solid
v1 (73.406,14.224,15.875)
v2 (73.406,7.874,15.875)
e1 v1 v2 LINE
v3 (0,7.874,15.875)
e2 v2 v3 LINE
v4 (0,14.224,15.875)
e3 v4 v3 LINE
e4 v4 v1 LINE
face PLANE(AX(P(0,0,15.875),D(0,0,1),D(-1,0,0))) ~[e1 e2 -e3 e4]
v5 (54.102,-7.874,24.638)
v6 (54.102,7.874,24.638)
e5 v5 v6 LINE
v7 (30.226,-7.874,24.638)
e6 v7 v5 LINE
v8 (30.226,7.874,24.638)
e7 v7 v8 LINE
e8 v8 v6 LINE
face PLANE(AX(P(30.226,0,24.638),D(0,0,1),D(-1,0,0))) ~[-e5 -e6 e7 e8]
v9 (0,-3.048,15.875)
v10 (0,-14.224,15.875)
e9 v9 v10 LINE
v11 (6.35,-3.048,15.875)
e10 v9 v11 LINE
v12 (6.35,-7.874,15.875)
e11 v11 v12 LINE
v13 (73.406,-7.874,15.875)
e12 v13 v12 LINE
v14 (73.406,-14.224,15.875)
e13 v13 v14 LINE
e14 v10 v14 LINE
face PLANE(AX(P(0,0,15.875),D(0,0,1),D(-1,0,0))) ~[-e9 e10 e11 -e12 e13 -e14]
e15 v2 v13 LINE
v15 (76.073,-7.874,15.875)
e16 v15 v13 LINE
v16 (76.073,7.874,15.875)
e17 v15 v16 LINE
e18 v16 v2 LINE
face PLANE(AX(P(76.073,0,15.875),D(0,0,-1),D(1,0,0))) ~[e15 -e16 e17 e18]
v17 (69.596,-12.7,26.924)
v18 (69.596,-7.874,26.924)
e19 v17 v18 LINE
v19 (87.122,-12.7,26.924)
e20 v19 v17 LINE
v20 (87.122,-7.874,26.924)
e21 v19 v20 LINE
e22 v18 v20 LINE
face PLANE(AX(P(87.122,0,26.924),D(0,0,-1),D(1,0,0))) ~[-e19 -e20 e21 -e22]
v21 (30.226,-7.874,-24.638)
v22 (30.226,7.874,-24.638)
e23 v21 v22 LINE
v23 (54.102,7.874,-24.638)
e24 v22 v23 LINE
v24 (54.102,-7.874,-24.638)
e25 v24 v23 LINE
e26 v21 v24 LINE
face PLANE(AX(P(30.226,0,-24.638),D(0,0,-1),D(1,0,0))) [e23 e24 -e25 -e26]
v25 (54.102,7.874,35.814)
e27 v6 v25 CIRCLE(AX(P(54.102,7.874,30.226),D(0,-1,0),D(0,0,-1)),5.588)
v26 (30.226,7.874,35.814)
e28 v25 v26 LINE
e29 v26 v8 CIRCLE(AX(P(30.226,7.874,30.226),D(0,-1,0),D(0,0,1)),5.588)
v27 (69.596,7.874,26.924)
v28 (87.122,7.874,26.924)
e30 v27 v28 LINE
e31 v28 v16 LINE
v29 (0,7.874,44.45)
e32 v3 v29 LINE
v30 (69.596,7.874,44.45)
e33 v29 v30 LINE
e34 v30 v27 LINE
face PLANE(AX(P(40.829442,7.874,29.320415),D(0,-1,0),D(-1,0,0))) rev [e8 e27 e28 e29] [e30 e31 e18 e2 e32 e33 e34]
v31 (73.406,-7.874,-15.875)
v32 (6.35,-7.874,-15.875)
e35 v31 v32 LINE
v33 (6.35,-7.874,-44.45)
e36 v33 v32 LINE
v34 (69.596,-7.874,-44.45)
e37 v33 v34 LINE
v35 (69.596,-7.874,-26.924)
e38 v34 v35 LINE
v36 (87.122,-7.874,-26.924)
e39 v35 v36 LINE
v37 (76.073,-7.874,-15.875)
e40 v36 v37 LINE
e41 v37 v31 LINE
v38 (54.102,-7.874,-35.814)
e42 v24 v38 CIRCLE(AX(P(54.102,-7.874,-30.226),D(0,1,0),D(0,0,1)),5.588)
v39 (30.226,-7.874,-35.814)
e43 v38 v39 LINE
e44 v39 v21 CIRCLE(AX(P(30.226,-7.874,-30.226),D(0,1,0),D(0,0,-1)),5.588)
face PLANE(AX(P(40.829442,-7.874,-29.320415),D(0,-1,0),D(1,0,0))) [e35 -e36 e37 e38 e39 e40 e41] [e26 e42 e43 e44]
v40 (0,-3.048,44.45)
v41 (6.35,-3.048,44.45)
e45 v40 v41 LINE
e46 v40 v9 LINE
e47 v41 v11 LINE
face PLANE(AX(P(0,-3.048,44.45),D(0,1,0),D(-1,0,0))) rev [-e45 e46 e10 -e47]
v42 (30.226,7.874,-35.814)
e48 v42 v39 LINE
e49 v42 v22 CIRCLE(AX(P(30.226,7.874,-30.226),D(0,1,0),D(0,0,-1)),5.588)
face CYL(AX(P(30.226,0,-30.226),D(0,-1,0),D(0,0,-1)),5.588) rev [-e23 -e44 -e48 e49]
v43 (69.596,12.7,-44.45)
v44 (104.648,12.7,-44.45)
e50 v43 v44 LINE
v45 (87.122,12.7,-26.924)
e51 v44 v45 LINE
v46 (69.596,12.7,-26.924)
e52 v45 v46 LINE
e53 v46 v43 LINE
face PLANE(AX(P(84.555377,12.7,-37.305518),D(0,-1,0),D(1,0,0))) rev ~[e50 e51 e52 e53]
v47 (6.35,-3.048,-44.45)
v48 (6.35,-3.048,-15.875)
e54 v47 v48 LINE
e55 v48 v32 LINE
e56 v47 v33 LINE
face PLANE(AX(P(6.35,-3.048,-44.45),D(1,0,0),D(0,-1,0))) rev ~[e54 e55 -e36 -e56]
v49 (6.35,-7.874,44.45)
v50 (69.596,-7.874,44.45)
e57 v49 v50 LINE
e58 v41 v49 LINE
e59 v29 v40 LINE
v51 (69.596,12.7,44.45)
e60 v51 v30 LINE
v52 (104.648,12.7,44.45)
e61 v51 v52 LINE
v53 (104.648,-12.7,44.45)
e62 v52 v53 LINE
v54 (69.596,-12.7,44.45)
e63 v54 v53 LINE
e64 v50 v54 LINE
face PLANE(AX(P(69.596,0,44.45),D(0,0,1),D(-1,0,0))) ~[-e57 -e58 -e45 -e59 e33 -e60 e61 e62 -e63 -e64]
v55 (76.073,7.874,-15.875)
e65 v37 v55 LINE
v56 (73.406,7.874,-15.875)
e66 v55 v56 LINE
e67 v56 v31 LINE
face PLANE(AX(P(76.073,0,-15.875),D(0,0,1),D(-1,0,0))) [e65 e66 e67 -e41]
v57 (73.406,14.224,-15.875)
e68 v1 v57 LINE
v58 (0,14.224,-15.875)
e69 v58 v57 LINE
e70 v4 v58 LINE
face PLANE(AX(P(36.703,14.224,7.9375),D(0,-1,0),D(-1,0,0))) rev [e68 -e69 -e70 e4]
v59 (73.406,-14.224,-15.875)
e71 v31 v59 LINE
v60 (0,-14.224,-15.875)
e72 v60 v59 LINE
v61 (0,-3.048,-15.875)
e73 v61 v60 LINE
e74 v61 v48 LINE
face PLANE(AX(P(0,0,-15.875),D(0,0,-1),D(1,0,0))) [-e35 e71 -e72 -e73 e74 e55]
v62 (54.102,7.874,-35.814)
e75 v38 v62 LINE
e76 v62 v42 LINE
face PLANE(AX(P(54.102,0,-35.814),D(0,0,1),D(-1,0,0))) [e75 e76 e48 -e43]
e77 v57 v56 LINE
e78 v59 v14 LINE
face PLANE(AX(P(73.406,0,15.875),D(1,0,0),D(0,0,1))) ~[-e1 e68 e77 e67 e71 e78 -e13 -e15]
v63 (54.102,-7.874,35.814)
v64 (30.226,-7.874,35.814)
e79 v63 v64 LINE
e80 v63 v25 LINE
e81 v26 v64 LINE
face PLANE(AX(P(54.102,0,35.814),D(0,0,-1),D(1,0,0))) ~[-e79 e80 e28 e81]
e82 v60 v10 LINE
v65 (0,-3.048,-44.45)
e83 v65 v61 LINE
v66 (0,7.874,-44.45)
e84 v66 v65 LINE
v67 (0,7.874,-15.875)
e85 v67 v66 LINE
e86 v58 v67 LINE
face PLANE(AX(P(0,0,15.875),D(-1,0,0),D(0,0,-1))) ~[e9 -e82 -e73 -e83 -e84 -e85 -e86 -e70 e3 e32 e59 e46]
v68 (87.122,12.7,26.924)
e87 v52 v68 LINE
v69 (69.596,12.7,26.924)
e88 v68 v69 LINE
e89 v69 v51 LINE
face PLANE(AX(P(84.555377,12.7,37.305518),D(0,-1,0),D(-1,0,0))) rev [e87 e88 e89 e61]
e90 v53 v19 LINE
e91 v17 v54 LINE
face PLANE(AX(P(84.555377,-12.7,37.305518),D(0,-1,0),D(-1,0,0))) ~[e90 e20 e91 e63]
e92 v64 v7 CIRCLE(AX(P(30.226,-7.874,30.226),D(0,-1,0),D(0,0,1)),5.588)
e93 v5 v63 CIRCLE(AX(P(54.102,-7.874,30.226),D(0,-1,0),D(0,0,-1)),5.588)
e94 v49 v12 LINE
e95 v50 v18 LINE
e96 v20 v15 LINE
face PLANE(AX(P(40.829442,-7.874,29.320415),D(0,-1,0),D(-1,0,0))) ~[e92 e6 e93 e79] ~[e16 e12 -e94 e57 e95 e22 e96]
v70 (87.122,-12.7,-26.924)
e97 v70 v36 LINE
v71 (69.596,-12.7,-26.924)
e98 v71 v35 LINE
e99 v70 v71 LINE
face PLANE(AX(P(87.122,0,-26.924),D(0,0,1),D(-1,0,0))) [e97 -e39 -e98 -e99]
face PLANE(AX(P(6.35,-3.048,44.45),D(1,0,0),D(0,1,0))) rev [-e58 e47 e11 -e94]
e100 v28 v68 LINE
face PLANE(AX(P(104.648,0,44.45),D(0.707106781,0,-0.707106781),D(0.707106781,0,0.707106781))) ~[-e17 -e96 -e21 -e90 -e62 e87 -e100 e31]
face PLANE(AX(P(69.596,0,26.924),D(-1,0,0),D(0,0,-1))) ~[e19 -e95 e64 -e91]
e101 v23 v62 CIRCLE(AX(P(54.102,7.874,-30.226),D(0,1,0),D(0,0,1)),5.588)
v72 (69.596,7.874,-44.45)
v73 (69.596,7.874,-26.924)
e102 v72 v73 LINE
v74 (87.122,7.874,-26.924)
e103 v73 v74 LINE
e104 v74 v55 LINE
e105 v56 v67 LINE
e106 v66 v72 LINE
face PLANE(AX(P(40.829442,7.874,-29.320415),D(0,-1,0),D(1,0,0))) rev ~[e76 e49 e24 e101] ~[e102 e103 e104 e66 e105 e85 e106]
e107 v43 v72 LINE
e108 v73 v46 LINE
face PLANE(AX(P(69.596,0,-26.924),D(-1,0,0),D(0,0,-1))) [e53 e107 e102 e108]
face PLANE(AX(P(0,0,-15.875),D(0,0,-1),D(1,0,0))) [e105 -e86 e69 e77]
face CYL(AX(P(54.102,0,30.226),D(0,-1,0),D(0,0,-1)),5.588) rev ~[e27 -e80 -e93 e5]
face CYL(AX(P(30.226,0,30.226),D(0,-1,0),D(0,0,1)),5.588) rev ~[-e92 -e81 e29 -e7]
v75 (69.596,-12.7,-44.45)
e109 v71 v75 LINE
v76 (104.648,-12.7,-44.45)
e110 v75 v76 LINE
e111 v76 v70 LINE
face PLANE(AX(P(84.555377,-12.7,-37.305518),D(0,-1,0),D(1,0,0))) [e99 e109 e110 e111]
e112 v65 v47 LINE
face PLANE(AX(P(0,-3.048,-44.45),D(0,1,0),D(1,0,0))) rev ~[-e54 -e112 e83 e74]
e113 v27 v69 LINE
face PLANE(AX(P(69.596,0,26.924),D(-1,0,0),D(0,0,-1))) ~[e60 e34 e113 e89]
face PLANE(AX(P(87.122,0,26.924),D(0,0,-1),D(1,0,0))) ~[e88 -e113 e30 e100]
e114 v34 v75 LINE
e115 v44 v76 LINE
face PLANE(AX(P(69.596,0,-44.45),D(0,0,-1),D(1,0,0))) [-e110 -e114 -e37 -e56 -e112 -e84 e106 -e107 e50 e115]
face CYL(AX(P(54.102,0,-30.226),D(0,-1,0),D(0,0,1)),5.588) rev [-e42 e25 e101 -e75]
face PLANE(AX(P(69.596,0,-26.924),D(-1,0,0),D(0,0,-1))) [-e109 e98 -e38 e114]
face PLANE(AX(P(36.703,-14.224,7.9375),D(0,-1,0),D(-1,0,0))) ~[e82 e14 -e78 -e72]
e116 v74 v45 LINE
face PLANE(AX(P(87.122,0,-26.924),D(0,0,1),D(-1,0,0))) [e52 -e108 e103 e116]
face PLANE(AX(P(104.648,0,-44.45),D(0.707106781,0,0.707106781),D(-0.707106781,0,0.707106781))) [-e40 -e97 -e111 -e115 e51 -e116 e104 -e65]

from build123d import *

# Parameters (mm, degrees)
F0_W     = 73.406
F0_H     = 15.875
F1_DEPTH = 14.224
F2_DEPTH = 7.874
F3_DEPTH = 12.7
F4_W     = 6.35
F4_H     = 4.826
F5_DEPTH = 28.575


with BuildPart() as f1:
    # F0 (on Front) → F1 (new body, symmetric)
    with BuildSketch(Plane.XZ):
        with Locations((36.703, -7.9375)):
            Rectangle(F0_W, F0_H)
    extrude(amount=F1_DEPTH, both=True)

    # F0 (on Front) → F2 (join, symmetric)
    with BuildSketch(Plane.XZ):
        Polygon((73.406, -15.875), (0, -15.875), (0, -44.45), (69.596, -44.45), (69.596, -26.924), (87.122, -26.924), (76.073, -15.875), align=None)
        with BuildLine():
            ThreePointArc((30.226, -35.814), (24.638, -30.226), (30.226, -24.638))
            Line((30.226, -24.638), (54.102, -24.638))
            ThreePointArc((54.102, -24.638), (59.69, -30.226), (54.102, -35.814))
            Line((54.102, -35.814), (30.226, -35.814))
        make_face(mode=Mode.SUBTRACT)
    extrude(amount=F2_DEPTH, both=True)

    # F0 (on Front) → F3 (join, symmetric)
    with BuildSketch(Plane.XZ):
        Polygon((69.596, -26.924), (69.596, -44.45), (104.648, -44.45), (87.122, -26.924), align=None)
    extrude(amount=F3_DEPTH, both=True)

    # F4 (on face) → F5 (cut, through all)
    with BuildSketch(Plane(origin=(0, 0, -44.45), x_dir=(1, 0, 0), z_dir=(0, 0, -1))):
        with Locations((3.175, 5.461)):
            Rectangle(F4_W, F4_H)
    extrude(amount=-F5_DEPTH, mode=Mode.SUBTRACT)

    # F7: F1 across plane


with BuildPart() as f1_1:
    add(f1.part)
    add(f1.part.mirror(Plane(origin=(36.703, 0, 0), x_dir=(1, 0, 0), z_dir=(0, 0, 1))))


solid = f1_1.part
